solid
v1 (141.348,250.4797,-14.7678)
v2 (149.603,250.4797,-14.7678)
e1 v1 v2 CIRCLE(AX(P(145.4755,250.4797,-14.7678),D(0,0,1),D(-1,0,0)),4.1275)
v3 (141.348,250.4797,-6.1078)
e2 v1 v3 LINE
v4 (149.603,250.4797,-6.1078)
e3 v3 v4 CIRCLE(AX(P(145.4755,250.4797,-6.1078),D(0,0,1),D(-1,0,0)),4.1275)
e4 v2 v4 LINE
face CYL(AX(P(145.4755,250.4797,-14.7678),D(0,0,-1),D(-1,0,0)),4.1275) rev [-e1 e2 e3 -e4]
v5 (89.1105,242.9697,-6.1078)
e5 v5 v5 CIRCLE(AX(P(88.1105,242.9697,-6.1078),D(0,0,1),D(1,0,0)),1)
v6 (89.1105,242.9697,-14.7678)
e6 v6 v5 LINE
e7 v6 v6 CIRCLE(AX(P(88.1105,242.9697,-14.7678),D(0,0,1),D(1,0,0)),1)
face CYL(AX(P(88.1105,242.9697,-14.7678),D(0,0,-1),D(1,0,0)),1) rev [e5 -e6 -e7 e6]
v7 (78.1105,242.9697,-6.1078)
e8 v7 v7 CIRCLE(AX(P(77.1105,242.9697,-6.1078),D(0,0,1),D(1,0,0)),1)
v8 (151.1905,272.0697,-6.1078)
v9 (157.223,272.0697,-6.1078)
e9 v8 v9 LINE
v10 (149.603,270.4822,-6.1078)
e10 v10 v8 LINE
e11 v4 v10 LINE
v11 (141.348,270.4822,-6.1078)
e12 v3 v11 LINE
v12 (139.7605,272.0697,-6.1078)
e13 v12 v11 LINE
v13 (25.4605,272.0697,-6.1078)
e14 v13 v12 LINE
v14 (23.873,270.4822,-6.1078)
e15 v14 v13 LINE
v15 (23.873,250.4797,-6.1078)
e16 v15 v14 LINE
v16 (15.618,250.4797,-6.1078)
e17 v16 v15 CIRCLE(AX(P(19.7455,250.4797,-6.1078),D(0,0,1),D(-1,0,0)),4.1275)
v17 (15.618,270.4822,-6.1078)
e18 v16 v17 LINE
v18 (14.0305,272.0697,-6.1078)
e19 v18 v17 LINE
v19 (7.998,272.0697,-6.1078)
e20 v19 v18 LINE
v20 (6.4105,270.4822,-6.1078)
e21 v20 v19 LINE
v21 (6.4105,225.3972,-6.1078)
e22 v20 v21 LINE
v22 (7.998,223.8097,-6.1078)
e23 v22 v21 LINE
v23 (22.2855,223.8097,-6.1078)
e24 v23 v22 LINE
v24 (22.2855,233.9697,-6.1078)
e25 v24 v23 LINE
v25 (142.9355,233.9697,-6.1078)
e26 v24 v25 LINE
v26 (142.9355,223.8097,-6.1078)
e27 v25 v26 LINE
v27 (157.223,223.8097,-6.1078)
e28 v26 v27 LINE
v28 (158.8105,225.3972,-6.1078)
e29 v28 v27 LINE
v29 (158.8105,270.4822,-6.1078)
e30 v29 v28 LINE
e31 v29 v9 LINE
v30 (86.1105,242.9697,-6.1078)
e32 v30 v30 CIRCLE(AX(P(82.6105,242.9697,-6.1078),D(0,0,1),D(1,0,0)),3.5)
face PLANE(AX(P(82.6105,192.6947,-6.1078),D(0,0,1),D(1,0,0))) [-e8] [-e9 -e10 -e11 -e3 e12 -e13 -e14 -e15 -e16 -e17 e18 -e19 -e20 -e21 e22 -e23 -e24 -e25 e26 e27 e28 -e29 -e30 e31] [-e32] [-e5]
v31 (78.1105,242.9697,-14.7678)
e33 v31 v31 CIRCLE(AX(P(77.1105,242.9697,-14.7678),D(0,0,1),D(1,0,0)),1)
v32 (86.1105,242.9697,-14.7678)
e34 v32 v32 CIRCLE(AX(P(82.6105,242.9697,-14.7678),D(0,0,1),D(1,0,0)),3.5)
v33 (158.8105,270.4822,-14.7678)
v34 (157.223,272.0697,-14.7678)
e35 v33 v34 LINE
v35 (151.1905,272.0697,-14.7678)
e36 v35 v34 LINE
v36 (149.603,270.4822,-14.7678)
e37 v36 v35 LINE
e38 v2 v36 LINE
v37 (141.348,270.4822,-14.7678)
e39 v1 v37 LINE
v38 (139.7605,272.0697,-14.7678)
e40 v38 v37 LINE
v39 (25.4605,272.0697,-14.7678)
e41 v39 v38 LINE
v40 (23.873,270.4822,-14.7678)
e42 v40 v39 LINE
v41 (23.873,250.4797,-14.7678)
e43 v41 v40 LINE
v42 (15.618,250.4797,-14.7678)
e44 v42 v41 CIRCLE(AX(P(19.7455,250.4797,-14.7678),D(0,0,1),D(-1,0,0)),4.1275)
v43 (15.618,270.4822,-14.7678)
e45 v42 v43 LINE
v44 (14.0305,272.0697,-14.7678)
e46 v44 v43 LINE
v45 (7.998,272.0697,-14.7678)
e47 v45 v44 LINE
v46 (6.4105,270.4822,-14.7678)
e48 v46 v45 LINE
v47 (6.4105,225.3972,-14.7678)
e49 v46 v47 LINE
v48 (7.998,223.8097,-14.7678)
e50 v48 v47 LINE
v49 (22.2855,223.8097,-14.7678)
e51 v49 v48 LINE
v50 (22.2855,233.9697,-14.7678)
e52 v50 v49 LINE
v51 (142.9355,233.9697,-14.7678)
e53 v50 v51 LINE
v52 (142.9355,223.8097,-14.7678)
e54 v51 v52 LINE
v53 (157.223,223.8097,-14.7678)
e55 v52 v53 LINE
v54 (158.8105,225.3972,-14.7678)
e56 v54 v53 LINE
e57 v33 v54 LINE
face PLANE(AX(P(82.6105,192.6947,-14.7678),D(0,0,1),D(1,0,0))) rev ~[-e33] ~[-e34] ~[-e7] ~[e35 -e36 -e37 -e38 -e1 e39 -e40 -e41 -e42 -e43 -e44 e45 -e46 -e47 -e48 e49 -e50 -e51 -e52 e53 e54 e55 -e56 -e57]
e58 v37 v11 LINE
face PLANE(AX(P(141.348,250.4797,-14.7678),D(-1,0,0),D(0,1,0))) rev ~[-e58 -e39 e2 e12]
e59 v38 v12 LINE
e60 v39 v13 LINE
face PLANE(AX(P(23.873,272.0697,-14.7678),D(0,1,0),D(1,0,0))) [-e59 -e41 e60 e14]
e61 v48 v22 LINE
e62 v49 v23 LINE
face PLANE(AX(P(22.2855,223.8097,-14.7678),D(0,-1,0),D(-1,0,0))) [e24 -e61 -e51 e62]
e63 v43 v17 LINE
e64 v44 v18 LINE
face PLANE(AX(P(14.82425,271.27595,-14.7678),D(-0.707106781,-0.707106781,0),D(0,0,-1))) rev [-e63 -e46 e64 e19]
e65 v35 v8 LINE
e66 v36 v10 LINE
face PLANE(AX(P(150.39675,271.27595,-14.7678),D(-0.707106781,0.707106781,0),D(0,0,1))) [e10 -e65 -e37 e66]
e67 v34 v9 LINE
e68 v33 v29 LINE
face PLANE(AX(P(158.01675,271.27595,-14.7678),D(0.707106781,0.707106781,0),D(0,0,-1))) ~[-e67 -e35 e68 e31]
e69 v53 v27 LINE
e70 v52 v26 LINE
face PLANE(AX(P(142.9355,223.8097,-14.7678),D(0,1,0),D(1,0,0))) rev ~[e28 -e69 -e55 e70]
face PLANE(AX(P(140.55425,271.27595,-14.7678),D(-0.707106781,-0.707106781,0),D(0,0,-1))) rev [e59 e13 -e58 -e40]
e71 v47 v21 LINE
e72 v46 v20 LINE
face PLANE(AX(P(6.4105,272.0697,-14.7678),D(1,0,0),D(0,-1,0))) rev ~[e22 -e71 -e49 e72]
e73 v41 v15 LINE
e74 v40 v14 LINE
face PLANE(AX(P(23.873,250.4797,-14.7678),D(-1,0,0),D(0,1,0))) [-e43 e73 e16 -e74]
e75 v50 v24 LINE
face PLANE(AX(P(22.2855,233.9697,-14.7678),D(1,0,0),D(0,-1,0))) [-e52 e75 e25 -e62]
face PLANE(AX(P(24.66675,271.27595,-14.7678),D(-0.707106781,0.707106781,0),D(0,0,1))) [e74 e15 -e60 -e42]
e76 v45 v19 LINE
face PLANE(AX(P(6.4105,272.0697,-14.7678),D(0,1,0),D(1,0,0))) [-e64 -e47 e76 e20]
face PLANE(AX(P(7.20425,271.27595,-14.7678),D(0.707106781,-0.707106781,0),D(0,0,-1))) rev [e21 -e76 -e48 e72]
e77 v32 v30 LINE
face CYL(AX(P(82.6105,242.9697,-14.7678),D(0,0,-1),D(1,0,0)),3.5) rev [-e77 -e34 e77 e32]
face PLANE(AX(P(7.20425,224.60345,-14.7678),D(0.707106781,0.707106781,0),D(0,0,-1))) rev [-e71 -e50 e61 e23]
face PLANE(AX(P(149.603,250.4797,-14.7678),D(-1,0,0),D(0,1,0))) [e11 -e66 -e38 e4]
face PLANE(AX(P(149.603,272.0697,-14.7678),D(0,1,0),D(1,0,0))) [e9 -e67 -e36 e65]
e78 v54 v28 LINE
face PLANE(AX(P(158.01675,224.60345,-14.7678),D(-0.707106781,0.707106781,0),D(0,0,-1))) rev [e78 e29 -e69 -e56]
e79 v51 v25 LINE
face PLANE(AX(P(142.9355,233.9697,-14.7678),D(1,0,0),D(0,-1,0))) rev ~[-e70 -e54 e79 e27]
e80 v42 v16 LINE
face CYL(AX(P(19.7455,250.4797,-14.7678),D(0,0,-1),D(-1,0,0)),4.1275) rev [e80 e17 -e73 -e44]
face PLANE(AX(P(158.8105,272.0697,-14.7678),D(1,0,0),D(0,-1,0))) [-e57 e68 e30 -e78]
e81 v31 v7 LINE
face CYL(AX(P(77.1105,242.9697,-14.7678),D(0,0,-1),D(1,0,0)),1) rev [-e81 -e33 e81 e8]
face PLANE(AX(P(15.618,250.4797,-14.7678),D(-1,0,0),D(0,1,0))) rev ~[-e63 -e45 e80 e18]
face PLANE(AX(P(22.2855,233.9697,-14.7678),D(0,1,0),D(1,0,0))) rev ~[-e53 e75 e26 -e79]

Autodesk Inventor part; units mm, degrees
ref_plane "YZ Plane" through (0, 0, 0) normal (1, 0, 0) x (0, 1, 0)
ref_plane "XZ Plane" through (0, 0, 0) normal (0, 1, 0) x (-1, 0, 0)
ref_plane "XY Plane" through (0, 0, 0) normal (0, 0, 1) x (1, 0, 0)
ref_plane "Work Plane1" through (82.6105, 192.6947, -14.7678) normal (0, 0, 1) x (1, 0, 0)
sketch "Sketch1" plane through (82.6105, 192.6947, -14.7678) normal (0, 0, 1) x (1, 0, 0)
  line L0 (76.2, 79.375) -> (76.2, 31.115)
  arc A0 (-66.9925, 57.785) -> (-58.7375, 57.785) centre (-62.865, 57.785) ccw
  line L1 (-66.9925, 57.785) -> (-66.9925, 79.375)
  line L2 (-58.7375, 57.785) -> (-58.7375, 79.375)
  line L3 (-76.2, 79.375) -> (-66.9925, 79.375)
  line L4 (0, 79.375) -> (0, 48.4751) construction
  line L5 (58.7375, 57.785) -> (58.7375, 79.375)
  line L6 (66.9925, 57.785) -> (66.9925, 79.375)
  arc A1 (58.7375, 57.785) -> (66.9925, 57.785) centre (62.865, 57.785) ccw
  line L7 (-58.7375, 79.375) -> (58.7375, 79.375)
  line L8 (66.9925, 79.375) -> (76.2, 79.375)
  line L9 (-60.325, 41.275) -> (-60.325, 31.115)
  line L10 (-60.325, 41.275) -> (60.325, 41.275)
  line L11 (60.325, 41.275) -> (60.325, 31.115)
  line L12 (-76.2, 79.375) -> (-76.2, 31.115)
  circle A2 centre (0, 50.275) radius 3.5
  circle A3 centre (5.5, 50.275) radius 1
  circle A4 centre (-5.5, 50.275) radius 1
  line L13 (-60.325, 31.115) -> (-76.2, 31.115)
  line L14 (60.325, 31.115) -> (76.2, 31.115)
  point P0 (-82.6105, -192.6947)
  point P1 (0, 0)
  dimension "d1" = 76.2
  dimension "d4" = 8.255
  dimension "d10" = 152.4
  dimension "d11" = 7
  dimension "d12" = 9
  dimension "d13" = 2
  dimension "d14" = 5.5
  dimension "d15" = 2
  dimension "d16" = 5.5
  dimension "d17" = 57.785
extrude "Extrusion1" add sketch "Sketch1" along normal blind 8.66
chamfer "Chamfer1" distance 1.5875 angle 45 8 edges at (158.8105, 223.8097, -10.4378) (141.348, 272.0697, -10.4378) (158.8105, 272.0697, -10.4378) (6.4105, 223.8097, -10.4378) (6.4105, 272.0697, -10.4378) (15.618, 272.0697, -10.4378) (23.873, 272.0697, -10.4378) (149.603, 272.0697, -10.4378)
equation "\"d1\" = 0.5 * d10"
properties part number "Lower Bracket"
